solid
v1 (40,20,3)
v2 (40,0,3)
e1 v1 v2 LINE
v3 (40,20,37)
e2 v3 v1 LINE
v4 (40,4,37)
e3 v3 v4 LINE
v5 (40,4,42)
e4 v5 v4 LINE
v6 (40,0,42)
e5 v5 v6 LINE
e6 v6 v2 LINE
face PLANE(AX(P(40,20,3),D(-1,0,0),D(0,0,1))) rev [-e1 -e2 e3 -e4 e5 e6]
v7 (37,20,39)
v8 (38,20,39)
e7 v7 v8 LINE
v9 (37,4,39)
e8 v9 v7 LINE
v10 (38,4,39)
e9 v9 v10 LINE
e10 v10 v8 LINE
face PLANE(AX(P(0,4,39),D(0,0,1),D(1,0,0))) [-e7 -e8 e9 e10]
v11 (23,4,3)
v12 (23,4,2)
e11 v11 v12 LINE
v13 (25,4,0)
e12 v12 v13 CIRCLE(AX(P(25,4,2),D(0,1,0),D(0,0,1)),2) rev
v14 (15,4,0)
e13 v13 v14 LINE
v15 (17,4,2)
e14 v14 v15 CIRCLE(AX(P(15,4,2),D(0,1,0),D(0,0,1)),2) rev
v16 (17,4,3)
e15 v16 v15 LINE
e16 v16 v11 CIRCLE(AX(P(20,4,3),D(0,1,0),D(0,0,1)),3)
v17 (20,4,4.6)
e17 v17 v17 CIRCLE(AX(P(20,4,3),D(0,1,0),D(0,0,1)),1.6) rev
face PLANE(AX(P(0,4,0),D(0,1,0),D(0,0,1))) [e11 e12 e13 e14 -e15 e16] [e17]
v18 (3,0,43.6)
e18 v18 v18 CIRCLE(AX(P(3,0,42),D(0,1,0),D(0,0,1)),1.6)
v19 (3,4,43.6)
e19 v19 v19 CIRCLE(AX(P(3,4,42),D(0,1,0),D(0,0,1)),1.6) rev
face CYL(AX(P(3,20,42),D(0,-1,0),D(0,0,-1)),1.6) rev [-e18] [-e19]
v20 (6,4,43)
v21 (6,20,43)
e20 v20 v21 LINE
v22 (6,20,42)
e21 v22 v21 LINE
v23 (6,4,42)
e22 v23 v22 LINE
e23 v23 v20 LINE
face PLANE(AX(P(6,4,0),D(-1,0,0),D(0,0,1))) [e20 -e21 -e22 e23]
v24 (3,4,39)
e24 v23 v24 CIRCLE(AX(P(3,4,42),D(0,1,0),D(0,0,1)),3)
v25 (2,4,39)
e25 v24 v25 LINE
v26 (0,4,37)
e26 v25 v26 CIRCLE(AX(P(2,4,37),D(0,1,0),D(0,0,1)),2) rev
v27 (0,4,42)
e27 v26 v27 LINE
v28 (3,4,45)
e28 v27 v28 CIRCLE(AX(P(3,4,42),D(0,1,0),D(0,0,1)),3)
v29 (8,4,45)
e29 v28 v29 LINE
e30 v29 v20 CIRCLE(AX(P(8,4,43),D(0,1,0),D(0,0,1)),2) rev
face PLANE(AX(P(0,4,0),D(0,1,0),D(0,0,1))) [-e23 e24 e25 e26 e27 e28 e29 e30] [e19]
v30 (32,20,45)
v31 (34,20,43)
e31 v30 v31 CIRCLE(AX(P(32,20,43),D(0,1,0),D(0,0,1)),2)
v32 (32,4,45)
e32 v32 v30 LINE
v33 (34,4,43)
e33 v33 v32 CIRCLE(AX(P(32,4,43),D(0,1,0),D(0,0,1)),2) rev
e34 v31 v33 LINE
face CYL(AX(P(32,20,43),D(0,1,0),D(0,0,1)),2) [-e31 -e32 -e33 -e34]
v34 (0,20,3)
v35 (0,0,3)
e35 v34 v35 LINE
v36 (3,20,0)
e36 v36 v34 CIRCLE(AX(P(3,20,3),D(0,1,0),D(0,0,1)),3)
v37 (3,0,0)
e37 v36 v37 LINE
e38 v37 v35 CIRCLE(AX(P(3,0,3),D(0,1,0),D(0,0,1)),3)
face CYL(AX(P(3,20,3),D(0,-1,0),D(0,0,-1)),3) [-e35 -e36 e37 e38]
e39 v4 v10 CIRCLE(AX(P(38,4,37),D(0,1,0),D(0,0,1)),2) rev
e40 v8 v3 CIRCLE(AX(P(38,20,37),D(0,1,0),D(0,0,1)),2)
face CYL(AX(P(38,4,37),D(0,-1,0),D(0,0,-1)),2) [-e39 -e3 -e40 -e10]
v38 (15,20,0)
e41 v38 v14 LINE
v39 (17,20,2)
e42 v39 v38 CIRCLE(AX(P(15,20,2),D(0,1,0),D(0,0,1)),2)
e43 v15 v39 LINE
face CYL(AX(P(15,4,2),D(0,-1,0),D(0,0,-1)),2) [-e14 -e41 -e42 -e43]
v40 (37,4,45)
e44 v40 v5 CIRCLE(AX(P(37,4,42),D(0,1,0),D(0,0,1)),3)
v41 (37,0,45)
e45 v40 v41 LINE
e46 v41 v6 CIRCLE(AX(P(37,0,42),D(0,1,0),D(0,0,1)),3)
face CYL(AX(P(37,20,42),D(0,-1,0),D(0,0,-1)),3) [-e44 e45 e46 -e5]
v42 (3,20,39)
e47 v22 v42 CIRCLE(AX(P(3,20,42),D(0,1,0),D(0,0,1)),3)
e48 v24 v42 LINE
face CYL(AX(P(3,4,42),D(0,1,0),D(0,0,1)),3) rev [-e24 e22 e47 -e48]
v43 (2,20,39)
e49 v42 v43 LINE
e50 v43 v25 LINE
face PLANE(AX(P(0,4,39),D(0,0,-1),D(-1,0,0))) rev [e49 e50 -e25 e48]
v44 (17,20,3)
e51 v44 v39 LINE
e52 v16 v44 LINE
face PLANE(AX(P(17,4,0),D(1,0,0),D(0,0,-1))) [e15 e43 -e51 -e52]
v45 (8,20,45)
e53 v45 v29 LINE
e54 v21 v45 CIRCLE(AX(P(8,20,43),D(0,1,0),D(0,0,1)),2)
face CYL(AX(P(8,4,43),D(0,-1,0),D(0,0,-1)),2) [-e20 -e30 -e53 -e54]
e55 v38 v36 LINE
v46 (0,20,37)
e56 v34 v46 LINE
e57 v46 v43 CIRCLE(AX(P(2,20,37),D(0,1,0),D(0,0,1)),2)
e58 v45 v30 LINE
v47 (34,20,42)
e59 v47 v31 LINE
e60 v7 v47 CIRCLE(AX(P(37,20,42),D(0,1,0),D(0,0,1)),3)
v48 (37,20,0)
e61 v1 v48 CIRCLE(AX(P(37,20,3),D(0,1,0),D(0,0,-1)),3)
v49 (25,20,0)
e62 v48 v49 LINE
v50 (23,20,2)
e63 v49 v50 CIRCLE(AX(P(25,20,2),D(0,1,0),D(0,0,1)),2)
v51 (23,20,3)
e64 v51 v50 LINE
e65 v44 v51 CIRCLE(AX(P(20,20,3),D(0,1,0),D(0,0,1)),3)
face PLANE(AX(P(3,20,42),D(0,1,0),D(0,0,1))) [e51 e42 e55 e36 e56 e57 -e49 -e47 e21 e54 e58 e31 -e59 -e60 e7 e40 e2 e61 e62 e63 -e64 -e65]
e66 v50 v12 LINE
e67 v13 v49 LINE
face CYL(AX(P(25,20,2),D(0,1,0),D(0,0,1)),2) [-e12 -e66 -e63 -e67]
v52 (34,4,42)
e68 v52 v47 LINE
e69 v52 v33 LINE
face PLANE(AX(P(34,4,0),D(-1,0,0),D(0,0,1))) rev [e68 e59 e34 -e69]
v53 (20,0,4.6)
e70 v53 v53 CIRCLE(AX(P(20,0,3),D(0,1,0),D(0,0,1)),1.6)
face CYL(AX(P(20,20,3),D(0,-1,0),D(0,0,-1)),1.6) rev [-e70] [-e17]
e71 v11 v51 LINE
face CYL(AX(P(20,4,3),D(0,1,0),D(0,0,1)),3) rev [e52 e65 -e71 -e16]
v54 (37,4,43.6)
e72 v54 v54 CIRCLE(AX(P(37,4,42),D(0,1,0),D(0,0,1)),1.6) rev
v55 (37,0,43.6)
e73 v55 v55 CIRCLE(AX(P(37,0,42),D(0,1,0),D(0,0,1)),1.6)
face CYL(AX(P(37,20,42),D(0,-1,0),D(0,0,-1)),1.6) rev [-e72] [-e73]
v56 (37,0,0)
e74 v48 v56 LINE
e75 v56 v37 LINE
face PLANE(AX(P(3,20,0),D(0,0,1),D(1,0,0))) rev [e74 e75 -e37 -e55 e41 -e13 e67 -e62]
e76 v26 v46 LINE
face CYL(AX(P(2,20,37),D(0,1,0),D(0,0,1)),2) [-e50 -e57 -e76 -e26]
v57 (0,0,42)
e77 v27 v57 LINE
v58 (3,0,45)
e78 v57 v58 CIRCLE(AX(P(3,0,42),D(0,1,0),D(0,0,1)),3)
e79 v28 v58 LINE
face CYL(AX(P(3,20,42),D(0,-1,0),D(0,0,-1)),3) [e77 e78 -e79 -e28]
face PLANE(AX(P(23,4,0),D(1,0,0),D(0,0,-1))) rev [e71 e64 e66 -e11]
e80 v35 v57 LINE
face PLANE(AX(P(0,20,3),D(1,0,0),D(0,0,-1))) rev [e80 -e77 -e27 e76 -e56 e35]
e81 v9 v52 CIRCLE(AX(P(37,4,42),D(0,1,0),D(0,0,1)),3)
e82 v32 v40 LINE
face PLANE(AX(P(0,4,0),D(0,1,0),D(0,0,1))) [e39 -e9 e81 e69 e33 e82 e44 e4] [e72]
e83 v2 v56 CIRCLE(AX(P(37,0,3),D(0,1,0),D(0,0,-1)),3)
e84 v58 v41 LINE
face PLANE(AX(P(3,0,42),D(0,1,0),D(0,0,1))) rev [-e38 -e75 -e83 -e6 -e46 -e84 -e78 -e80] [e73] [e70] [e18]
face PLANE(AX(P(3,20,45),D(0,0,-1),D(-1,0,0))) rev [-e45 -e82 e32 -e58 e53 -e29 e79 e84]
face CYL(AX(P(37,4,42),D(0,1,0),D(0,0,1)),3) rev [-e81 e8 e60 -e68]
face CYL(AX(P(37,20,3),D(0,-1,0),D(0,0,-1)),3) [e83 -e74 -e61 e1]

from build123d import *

# Parameters (mm, degrees)
SKETCH_1_R          = 1.6
EXTRUDE_1_DEPTH     = 20
SKETCH_2_R          = 1.6
CUT_EXTRUDE_1_DEPTH = 16
FILLET_1_R          = 2
SKETCH_3_R          = 7
EXTRUDE_2_DEPTH     = 50
SKETCH_4_R          = 7
CUT_EXTRUDE_2_DEPTH = 50


with BuildPart() as part:
    # 草图1 → 凸台-拉伸1 (new body)
    with BuildSketch(Plane(origin=(0, 0, 0), x_dir=(1, 0, 0), z_dir=(0, 1, 0))):
        with BuildLine():
            Line((3, 0), (37, 0))
            ThreePointArc((37, 0), (39.121320344, -0.878679656), (40, -3))
            Line((40, -3), (40, -42))
            ThreePointArc((40, -42), (39.121320344, -44.121320344), (37, -45))
            Line((37, -45), (3, -45))
            ThreePointArc((3, -45), (0.878679656, -44.121320344), (0, -42))
            Line((0, -42), (0, -3))
            ThreePointArc((0, -3), (0.878679656, -0.878679656), (3, 0))
        make_face()
        with Locations((20, -3)):
            Circle(SKETCH_1_R, mode=Mode.SUBTRACT)
        with Locations((3, -42)):
            Circle(SKETCH_1_R, mode=Mode.SUBTRACT)
        with Locations((37, -42)):
            Circle(SKETCH_1_R, mode=Mode.SUBTRACT)
    extrude(amount=EXTRUDE_1_DEPTH)

    # 草图2 → 切除-拉伸1 (cut)
    with BuildSketch(Plane(origin=(0, 20, 0), x_dir=(1, 0, 0), z_dir=(0, 1, 0))):
        with BuildLine():
            Line((40, -42), (40, -39))
            Line((40, -39), (37, -39))
            ThreePointArc((37, -39), (34.878679656, -39.878679656), (34, -42))
            Line((34, -42), (34, -45))
            Line((34, -45), (37, -45))
            ThreePointArc((37, -45), (39.121320344, -44.121320344), (40, -42))
        make_face()
        with Locations((37, -42)):
            Circle(SKETCH_2_R, mode=Mode.SUBTRACT)
        with BuildLine():
            Line((3, -39), (0, -39))
            Line((0, -39), (0, -42))
            ThreePointArc((0, -42), (0.878679656, -44.121320344), (3, -45))
            Line((3, -45), (6, -45))
            Line((6, -45), (6, -42))
            ThreePointArc((6, -42), (5.121320344, -39.878679656), (3, -39))
        make_face()
        with Locations((3, -42)):
            Circle(SKETCH_2_R, mode=Mode.SUBTRACT)
        with BuildLine():
            Line((17, 0), (17, -3))
            ThreePointArc((17, -3), (20, -6), (23, -3))
            Line((23, -3), (23, 0))
            Line((23, 0), (17, 0))
        make_face()
        with Locations((20, -3)):
            Circle(SKETCH_2_R, mode=Mode.SUBTRACT)
    extrude(amount=-CUT_EXTRUDE_1_DEPTH, mode=Mode.SUBTRACT)

    # 圆角1
    fillet_1_edges = [part.edges().sort_by_distance(p)[0] for p in [
        (40, 12, 39),
        (34, 12, 45),
        (6, 12, 45),
        (0, 12, 39),
        (17, 12, 0),
        (23, 12, 0),
    ]]
    fillet(fillet_1_edges, radius=FILLET_1_R)

    # 草图3 → 凸台-拉伸2 (add)
    with BuildSketch(Plane.XY.offset(45)):
        with Locations((20, 10)):
            Circle(SKETCH_3_R)
    extrude(amount=EXTRUDE_2_DEPTH)

    # 草图4 → 切除-拉伸2 (cut)
    with BuildSketch(Plane.XY.offset(95)):
        with Locations((20, 10)):
            Circle(SKETCH_4_R)
    extrude(amount=-CUT_EXTRUDE_2_DEPTH, mode=Mode.SUBTRACT)


solid = part.part
